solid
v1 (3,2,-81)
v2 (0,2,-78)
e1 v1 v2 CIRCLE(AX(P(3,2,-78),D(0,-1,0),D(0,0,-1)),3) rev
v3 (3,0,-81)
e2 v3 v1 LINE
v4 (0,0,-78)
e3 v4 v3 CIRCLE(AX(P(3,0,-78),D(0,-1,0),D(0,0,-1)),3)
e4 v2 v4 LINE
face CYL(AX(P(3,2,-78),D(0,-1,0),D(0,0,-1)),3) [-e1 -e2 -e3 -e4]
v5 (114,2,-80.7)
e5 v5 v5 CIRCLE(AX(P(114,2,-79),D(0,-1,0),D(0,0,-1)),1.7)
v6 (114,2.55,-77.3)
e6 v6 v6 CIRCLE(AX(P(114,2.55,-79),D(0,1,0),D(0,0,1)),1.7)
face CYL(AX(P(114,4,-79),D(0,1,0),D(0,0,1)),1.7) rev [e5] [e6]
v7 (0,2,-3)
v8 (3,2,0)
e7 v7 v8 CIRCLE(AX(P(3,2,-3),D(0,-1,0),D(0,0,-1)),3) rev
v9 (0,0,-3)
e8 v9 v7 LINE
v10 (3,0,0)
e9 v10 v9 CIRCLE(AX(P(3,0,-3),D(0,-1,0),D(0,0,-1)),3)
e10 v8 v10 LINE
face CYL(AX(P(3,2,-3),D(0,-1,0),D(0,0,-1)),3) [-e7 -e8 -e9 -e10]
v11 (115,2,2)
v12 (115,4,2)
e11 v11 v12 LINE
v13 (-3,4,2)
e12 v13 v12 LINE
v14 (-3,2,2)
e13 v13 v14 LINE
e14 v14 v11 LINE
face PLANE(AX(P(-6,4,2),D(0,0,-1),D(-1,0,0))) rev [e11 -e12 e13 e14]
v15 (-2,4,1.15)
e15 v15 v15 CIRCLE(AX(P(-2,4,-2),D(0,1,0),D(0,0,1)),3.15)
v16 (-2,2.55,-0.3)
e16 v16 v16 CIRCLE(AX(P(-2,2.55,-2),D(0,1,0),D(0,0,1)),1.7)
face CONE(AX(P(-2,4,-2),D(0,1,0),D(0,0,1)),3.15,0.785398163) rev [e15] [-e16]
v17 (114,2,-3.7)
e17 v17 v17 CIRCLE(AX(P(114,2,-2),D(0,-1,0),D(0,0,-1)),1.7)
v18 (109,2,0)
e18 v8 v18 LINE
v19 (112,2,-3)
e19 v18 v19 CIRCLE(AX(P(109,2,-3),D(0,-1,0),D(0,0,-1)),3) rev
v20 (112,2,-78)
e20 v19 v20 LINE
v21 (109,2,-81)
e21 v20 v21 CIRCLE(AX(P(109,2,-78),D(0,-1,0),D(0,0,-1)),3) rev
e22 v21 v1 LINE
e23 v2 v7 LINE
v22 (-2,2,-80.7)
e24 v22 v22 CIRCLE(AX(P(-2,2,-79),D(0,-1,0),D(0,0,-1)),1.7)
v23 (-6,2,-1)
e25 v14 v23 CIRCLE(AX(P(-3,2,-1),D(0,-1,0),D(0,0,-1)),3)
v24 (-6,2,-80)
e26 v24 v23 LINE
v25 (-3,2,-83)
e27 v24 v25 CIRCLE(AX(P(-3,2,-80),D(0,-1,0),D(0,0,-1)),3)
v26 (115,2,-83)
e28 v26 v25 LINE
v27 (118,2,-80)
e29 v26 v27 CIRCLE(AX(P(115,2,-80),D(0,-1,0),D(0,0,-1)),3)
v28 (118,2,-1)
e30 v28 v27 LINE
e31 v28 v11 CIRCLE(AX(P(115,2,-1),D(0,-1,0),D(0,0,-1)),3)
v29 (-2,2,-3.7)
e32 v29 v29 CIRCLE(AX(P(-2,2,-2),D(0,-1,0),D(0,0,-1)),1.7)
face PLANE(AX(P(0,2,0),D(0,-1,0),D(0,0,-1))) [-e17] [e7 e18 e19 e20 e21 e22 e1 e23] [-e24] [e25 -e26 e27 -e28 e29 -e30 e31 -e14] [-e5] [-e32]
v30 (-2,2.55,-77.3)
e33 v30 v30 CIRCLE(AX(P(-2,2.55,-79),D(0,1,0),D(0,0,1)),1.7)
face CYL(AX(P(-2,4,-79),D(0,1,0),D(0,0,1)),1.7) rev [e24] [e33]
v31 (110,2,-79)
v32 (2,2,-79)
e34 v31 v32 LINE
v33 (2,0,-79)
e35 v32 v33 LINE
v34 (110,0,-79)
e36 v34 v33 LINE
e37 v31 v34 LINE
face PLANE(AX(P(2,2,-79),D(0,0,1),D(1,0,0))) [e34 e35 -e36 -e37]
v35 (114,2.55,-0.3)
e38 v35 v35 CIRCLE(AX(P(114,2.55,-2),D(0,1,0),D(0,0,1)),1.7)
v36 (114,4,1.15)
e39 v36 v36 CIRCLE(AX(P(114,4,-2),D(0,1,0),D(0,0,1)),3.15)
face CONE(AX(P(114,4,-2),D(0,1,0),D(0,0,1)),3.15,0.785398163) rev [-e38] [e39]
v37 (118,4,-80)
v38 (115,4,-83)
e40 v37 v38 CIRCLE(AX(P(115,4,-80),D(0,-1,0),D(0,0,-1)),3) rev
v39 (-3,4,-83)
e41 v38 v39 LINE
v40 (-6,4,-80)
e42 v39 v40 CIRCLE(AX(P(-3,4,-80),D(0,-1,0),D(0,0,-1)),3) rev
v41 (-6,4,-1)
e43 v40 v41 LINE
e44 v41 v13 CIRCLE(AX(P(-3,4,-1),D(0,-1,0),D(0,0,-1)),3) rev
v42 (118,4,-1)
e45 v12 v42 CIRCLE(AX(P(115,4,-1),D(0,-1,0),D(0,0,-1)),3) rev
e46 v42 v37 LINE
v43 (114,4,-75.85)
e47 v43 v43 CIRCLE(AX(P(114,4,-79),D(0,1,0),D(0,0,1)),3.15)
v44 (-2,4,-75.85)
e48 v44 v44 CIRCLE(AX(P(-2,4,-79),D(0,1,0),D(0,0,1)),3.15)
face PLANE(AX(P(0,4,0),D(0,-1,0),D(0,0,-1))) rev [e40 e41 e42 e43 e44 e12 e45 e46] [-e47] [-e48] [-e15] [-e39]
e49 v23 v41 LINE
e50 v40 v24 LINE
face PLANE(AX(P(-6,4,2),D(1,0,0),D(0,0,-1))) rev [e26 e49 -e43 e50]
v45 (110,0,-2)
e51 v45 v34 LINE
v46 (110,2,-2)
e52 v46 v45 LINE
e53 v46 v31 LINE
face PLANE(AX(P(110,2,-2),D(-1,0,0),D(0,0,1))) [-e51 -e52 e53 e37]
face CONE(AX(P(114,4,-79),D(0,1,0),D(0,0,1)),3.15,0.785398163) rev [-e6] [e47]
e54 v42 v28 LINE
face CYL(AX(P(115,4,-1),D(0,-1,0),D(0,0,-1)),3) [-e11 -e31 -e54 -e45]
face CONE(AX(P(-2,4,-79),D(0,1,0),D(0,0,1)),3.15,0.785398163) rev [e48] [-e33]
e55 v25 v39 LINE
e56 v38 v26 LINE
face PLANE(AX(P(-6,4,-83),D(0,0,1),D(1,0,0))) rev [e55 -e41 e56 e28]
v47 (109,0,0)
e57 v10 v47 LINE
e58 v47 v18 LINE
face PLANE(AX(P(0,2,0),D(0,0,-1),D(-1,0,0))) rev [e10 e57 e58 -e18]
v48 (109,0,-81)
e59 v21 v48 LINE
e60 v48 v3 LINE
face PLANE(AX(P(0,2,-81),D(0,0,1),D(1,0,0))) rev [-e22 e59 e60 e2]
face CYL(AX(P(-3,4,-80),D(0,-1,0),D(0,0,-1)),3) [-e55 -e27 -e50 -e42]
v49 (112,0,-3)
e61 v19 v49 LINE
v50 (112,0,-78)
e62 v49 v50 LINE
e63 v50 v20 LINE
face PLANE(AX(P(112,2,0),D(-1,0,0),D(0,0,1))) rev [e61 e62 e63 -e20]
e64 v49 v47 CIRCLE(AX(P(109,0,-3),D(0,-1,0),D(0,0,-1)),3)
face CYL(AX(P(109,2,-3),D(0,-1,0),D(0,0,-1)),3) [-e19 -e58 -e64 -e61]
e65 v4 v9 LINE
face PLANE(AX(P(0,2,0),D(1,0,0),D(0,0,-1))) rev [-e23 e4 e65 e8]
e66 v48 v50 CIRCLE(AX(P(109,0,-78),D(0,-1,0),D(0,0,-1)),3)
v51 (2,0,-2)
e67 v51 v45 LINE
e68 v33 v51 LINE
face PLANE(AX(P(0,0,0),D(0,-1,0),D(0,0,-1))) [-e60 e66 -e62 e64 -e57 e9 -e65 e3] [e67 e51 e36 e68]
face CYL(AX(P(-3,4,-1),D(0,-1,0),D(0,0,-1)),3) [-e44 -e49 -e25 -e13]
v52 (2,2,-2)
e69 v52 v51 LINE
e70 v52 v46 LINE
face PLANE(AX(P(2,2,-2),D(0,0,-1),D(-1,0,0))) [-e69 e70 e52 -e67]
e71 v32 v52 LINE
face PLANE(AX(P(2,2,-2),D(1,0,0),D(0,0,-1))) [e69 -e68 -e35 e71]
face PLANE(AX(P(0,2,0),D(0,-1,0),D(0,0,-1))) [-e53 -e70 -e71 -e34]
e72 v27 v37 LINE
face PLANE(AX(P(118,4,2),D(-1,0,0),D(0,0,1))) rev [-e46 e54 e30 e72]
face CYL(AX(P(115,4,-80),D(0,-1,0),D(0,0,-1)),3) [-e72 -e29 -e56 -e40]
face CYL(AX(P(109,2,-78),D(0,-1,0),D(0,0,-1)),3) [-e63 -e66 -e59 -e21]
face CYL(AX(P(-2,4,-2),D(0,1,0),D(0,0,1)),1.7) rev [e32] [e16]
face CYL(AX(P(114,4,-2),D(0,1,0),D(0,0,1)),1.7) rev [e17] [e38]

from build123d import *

# Parameters (mm, degrees)
SKIZZE1_W                                            = 112
SKIZZE1_H                                            = 81
SKIZZE1_W_2                                          = 108
SKIZZE1_H_2                                          = 77
AUFSATZ_LINEAR_AUSTRAGEN1_DEPTH                      = 2
SKIZZE2_W                                            = 124
SKIZZE2_H                                            = 85
AUFSATZ_LINEAR_AUSTRAGEN2_DEPTH                      = 2
VERRUNDUNG1_R                                        = 3
FORMSENKUNG_F_R_M3_LINSENSENKSCHRAUBE_MI_D           = 3.4
FORMSENKUNG_F_R_M3_LINSENSENKSCHRAUBE_MI_DEPTH       = 7.25
FORMSENKUNG_F_R_M3_LINSENSENKSCHRAUBE_MI_CSINK_D     = 6.3
FORMSENKUNG_F_R_M3_LINSENSENKSCHRAUBE_MI_CSINK_ANGLE = 90
FORMSENKUNG_F_R_M3_LINSENSENKSCHRAUBE_MI_TIP         = 1.021463052


with BuildPart() as part:
    # Skizze1 → Aufsatz-Linear austragen1 (new body)
    with BuildSketch(Plane(origin=(0, 0, 0), x_dir=(1, 0, 0), z_dir=(0, 1, 0))):
        with Locations((56, 40.5)):
            Rectangle(SKIZZE1_W, SKIZZE1_H)
        with Locations((56, 40.5)):
            Rectangle(SKIZZE1_W_2, SKIZZE1_H_2, mode=Mode.SUBTRACT)
    extrude(amount=AUFSATZ_LINEAR_AUSTRAGEN1_DEPTH)

    # Skizze2 → Aufsatz-Linear austragen2 (add)
    with BuildSketch(Plane(origin=(0, 2, 0), x_dir=(1, 0, 0), z_dir=(0, 1, 0))):
        with Locations((56, 40.5)):
            Rectangle(SKIZZE2_W, SKIZZE2_H)
    extrude(amount=AUFSATZ_LINEAR_AUSTRAGEN2_DEPTH)

    # Verrundung1
    verrundung1_edges = [part.edges().sort_by_distance(p)[0] for p in [
        (-6, 3, -83),
        (-6, 3, 2),
        (118, 3, 2),
        (118, 3, -83),
        (0, 1, -81),
        (112, 1, -81),
        (112, 1, 0),
        (0, 1, 0),
    ]]
    fillet(verrundung1_edges, radius=VERRUNDUNG1_R)

    # Formsenkung für M3 Linsensenkschraube mit Schlitz1
    with Locations(Plane(origin=(0, 4, 0), x_dir=(1, 0, 0), z_dir=(0, 1, 0))):
        with Locations((-2, 2), (114, 79), (-2, 79), (114, 2)):
            CounterSinkHole(FORMSENKUNG_F_R_M3_LINSENSENKSCHRAUBE_MI_D / 2, FORMSENKUNG_F_R_M3_LINSENSENKSCHRAUBE_MI_CSINK_D / 2, depth=FORMSENKUNG_F_R_M3_LINSENSENKSCHRAUBE_MI_DEPTH, counter_sink_angle=FORMSENKUNG_F_R_M3_LINSENSENKSCHRAUBE_MI_CSINK_ANGLE)
            with Locations((0, 0, -(FORMSENKUNG_F_R_M3_LINSENSENKSCHRAUBE_MI_DEPTH + FORMSENKUNG_F_R_M3_LINSENSENKSCHRAUBE_MI_TIP / 2))):  # 118° drill point
                Cone(0, FORMSENKUNG_F_R_M3_LINSENSENKSCHRAUBE_MI_D / 2, FORMSENKUNG_F_R_M3_LINSENSENKSCHRAUBE_MI_TIP, mode=Mode.SUBTRACT)


solid = part.part
